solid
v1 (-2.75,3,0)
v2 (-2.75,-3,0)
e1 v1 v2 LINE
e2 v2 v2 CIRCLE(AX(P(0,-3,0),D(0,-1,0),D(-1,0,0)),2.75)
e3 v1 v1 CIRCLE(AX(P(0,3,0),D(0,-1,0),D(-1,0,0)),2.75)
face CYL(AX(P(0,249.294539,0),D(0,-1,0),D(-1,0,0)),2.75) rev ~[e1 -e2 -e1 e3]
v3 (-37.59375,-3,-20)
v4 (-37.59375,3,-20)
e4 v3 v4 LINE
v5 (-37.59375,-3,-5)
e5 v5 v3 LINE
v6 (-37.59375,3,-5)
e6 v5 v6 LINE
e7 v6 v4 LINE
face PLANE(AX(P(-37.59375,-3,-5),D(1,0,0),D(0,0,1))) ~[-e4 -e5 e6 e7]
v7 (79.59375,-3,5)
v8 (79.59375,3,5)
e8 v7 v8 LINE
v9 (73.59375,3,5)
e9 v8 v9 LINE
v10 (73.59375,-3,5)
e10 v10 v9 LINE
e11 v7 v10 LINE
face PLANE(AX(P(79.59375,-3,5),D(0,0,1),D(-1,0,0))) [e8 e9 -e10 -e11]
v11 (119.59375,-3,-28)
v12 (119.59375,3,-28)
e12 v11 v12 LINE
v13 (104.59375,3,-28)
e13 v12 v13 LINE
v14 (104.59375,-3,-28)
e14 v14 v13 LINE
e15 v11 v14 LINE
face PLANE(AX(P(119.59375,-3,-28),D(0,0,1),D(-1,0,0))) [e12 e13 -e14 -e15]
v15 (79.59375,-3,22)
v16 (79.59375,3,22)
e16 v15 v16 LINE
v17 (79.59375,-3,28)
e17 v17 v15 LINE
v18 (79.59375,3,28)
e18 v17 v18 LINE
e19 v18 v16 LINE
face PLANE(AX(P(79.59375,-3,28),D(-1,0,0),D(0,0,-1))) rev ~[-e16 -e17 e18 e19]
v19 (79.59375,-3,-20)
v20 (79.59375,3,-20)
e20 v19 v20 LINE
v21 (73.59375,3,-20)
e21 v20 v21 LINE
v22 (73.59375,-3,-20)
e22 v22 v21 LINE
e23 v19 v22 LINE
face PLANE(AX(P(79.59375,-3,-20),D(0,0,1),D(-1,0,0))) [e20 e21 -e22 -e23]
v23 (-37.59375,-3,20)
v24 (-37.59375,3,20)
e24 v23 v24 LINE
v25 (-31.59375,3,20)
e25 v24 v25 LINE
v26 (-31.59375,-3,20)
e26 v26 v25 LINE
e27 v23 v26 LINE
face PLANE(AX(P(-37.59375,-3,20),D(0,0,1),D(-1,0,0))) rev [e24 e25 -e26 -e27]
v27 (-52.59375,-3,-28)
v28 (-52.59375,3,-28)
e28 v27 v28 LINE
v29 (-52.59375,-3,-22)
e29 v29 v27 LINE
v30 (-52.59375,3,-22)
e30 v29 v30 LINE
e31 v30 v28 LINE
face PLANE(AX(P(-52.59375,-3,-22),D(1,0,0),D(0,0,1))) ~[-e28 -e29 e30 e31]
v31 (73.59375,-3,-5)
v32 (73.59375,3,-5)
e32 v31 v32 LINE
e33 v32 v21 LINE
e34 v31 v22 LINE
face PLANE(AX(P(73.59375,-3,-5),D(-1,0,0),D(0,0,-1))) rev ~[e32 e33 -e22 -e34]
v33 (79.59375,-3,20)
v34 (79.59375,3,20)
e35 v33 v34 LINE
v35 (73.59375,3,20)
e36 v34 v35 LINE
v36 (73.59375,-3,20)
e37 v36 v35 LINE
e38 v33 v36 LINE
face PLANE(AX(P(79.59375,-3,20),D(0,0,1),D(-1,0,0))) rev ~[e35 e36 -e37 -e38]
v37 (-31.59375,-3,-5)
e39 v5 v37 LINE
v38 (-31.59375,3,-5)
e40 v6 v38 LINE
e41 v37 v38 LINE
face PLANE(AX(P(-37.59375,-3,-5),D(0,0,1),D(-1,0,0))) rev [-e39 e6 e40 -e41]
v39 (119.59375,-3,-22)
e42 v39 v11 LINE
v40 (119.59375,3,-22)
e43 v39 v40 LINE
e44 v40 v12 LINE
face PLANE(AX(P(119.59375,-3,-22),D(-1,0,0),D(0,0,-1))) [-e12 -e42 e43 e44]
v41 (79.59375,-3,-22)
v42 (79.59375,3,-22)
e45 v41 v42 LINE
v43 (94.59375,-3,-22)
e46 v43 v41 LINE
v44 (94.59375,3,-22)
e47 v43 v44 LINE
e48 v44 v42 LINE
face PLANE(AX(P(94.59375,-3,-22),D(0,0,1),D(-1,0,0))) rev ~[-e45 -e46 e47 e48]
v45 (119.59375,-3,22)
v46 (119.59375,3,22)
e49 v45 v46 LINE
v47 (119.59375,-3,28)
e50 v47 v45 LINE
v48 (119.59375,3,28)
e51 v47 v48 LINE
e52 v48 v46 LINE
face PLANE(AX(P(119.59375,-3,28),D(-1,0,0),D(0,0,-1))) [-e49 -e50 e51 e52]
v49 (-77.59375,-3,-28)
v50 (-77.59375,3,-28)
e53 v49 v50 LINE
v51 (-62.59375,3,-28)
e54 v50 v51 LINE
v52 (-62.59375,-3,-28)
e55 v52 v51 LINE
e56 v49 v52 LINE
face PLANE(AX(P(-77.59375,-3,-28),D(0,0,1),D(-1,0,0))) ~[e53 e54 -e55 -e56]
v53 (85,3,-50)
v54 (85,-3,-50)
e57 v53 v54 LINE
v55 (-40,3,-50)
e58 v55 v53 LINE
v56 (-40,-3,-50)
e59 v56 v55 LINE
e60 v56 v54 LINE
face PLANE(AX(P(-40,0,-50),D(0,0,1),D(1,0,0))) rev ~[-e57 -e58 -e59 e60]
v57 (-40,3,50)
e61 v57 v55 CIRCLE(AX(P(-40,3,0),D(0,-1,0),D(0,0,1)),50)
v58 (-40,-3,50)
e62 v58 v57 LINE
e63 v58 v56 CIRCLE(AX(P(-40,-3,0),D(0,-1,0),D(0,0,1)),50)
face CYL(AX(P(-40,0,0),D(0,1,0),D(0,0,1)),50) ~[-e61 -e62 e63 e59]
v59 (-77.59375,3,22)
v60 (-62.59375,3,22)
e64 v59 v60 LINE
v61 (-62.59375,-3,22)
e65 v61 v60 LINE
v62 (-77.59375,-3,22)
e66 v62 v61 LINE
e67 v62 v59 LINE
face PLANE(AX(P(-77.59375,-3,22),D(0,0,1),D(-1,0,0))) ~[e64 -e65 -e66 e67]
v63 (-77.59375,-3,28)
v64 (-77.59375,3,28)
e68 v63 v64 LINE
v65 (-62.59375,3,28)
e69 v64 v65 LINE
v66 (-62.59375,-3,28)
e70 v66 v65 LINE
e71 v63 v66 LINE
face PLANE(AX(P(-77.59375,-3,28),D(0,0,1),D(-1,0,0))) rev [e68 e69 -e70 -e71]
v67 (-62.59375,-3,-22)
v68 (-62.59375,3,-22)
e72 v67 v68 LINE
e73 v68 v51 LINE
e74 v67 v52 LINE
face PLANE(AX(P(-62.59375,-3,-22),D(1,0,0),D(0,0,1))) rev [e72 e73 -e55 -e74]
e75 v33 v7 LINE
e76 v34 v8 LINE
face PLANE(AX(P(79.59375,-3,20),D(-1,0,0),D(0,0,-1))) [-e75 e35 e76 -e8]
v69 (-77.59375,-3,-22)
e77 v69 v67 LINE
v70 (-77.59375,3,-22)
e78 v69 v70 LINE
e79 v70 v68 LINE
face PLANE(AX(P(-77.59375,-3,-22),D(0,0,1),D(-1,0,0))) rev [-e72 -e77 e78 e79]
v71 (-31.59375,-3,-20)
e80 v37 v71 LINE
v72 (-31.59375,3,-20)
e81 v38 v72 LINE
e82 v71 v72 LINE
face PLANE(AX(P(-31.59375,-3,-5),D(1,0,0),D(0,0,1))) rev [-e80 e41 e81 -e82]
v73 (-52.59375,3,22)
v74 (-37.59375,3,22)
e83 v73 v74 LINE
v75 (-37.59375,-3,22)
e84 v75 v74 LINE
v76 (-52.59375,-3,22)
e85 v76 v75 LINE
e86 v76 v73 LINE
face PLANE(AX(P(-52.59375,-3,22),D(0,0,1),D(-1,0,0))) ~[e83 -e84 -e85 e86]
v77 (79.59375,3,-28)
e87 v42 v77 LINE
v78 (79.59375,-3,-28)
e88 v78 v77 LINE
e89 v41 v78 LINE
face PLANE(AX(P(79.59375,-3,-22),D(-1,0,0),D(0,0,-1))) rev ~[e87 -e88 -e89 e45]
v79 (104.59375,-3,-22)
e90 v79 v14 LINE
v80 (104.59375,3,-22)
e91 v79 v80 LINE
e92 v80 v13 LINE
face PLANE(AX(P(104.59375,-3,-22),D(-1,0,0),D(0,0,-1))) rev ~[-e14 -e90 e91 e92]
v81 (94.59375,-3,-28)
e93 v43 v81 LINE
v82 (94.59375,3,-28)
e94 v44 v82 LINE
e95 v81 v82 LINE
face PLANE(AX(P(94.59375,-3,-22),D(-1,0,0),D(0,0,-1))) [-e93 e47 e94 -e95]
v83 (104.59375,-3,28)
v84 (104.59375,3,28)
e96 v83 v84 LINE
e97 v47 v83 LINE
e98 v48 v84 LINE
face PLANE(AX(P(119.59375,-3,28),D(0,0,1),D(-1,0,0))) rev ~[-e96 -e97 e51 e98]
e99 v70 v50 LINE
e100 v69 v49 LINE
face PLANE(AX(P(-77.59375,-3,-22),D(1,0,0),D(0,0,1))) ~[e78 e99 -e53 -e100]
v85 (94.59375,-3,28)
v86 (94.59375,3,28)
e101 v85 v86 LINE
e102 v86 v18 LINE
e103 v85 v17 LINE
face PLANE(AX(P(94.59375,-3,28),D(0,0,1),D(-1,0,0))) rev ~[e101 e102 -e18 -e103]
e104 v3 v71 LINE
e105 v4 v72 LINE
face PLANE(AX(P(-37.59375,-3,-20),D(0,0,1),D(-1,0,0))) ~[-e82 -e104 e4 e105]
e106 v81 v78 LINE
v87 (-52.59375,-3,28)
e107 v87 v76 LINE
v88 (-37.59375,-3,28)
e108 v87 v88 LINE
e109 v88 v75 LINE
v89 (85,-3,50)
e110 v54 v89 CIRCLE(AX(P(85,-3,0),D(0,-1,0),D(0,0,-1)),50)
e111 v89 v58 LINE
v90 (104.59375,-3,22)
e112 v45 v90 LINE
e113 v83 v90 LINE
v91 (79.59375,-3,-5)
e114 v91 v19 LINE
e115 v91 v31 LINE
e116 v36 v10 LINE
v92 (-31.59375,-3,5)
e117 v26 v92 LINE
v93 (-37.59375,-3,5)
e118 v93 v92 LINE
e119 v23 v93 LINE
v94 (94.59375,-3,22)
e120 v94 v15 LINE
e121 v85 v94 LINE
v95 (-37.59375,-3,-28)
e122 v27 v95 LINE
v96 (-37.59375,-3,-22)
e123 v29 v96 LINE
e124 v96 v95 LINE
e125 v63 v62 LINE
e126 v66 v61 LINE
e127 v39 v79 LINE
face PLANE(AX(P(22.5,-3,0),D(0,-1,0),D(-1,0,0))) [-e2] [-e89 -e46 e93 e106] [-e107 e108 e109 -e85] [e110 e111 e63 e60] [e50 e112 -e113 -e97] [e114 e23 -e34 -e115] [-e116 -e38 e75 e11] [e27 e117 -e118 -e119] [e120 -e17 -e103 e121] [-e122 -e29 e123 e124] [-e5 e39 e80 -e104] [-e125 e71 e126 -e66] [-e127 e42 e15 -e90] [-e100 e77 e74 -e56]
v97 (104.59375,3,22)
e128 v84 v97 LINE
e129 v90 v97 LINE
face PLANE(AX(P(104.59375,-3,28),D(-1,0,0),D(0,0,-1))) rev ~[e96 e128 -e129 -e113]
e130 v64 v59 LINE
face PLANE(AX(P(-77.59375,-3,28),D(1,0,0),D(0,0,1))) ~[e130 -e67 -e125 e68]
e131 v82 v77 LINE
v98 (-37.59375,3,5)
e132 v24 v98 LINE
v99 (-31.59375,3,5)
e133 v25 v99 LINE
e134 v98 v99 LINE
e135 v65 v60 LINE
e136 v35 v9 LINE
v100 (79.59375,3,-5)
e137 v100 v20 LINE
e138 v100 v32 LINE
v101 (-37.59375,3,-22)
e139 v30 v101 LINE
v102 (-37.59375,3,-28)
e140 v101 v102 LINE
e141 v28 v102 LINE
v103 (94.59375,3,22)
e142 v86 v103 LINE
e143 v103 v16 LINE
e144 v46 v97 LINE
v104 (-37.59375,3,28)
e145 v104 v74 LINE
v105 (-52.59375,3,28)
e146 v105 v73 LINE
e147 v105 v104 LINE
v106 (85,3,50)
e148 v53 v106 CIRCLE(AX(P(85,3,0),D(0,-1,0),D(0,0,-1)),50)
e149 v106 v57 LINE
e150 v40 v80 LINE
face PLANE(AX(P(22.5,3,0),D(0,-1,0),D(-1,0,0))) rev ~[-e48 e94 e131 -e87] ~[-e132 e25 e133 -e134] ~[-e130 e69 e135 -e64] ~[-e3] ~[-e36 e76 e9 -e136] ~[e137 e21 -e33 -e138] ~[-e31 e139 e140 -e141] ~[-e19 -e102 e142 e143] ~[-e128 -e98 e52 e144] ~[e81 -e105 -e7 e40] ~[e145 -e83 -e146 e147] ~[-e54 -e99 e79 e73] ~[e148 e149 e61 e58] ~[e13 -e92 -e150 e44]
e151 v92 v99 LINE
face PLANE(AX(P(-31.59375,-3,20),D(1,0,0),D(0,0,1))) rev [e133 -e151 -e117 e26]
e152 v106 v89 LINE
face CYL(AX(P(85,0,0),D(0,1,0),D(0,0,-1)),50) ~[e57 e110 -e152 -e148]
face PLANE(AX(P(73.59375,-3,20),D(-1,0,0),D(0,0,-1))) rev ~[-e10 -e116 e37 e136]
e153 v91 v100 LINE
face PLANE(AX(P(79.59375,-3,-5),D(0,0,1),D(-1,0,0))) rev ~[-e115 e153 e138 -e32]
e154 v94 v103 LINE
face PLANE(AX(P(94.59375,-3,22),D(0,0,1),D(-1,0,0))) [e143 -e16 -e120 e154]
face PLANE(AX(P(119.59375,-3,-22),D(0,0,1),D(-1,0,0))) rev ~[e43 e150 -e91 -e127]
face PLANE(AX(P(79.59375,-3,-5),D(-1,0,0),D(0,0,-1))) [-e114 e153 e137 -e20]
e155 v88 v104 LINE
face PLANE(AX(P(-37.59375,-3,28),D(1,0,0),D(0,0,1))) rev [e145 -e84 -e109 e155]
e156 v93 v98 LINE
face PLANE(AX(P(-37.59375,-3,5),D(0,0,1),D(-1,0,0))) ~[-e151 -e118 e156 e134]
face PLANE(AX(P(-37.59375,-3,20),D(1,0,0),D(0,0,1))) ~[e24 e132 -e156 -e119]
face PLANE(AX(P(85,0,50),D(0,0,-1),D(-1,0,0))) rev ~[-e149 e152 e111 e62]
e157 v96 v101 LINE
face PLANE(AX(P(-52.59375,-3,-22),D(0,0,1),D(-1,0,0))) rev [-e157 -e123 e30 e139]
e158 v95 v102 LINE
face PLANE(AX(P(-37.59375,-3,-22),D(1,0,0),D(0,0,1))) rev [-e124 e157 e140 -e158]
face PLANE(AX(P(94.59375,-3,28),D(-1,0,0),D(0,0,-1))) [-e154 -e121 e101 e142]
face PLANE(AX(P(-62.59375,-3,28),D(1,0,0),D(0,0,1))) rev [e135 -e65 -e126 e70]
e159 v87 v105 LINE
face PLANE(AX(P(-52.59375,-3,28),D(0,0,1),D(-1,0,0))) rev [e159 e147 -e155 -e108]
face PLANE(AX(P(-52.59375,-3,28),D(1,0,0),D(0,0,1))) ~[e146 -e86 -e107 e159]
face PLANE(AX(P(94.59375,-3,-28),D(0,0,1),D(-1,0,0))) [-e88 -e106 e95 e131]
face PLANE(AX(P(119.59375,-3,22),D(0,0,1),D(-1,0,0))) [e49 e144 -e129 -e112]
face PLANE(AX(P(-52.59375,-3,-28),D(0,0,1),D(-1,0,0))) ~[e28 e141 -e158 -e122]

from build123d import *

# Parameters (mm, degrees)
SALIENTE_EXTRUIR1_DEPTH      = 3
TALADRO_DE_MARGEN_PARA_M51_D = 5.5
CROQUIS7_W                   = 15
CROQUIS7_H                   = 6
CROQUIS7_W_2                 = 6
CROQUIS7_H_2                 = 15
CORTAR_EXTRUIR1_DEPTH        = 145.086779407


with BuildPart() as part:
    # Croquis1 → Saliente-Extruir1 (new, symmetric)
    with BuildSketch(Plane(origin=(0, 0, 0), x_dir=(1, 0, 0), z_dir=(0, 1, 0))):
        with BuildLine():
            Line((-40, 50), (85, 50))
            ThreePointArc((85, 50), (135, 0), (85, -50))
            Line((85, -50), (-40, -50))
            ThreePointArc((-40, -50), (-90, 0), (-40, 50))
        make_face()
    extrude(amount=SALIENTE_EXTRUIR1_DEPTH, both=True)

    # Taladro de margen para M51 (through all)
    with Locations(Plane(origin=(0, 3, 0), x_dir=(1, 0, 0), z_dir=(0, 1, 0))):
        with Locations((0, 0)):
            Hole(TALADRO_DE_MARGEN_PARA_M51_D / 2)

    # Croquis7 → Cortar-Extruir1 (cut, through all)
    with BuildSketch(Plane(origin=(0, -3, 0), x_dir=(-1, 0, 0), z_dir=(0, -1, 0))):
        with Locations((-87.09375, -25)):
            Rectangle(CROQUIS7_W, CROQUIS7_H)
        with Locations((-112.09375, -25)):
            Rectangle(CROQUIS7_W, CROQUIS7_H)
        with Locations((-112.09375, 25)):
            Rectangle(CROQUIS7_W, CROQUIS7_H)
        with Locations((-87.09375, 25)):
            Rectangle(CROQUIS7_W, CROQUIS7_H)
        with Locations((-76.59375, -12.5)):
            Rectangle(CROQUIS7_W_2, CROQUIS7_H_2)
        with Locations((-76.59375, 12.5)):
            Rectangle(CROQUIS7_W_2, CROQUIS7_H_2)
    cortar_extruir1 = extrude(amount=-CORTAR_EXTRUIR1_DEPTH, mode=Mode.SUBTRACT)

    # Simetría1: Cortar-Extruir1 across plane
    add(cortar_extruir1.mirror(Plane(origin=(21, 0, 0), x_dir=(0, 0, 1), z_dir=(1, 0, 0))), mode=Mode.SUBTRACT)


solid = part.part
